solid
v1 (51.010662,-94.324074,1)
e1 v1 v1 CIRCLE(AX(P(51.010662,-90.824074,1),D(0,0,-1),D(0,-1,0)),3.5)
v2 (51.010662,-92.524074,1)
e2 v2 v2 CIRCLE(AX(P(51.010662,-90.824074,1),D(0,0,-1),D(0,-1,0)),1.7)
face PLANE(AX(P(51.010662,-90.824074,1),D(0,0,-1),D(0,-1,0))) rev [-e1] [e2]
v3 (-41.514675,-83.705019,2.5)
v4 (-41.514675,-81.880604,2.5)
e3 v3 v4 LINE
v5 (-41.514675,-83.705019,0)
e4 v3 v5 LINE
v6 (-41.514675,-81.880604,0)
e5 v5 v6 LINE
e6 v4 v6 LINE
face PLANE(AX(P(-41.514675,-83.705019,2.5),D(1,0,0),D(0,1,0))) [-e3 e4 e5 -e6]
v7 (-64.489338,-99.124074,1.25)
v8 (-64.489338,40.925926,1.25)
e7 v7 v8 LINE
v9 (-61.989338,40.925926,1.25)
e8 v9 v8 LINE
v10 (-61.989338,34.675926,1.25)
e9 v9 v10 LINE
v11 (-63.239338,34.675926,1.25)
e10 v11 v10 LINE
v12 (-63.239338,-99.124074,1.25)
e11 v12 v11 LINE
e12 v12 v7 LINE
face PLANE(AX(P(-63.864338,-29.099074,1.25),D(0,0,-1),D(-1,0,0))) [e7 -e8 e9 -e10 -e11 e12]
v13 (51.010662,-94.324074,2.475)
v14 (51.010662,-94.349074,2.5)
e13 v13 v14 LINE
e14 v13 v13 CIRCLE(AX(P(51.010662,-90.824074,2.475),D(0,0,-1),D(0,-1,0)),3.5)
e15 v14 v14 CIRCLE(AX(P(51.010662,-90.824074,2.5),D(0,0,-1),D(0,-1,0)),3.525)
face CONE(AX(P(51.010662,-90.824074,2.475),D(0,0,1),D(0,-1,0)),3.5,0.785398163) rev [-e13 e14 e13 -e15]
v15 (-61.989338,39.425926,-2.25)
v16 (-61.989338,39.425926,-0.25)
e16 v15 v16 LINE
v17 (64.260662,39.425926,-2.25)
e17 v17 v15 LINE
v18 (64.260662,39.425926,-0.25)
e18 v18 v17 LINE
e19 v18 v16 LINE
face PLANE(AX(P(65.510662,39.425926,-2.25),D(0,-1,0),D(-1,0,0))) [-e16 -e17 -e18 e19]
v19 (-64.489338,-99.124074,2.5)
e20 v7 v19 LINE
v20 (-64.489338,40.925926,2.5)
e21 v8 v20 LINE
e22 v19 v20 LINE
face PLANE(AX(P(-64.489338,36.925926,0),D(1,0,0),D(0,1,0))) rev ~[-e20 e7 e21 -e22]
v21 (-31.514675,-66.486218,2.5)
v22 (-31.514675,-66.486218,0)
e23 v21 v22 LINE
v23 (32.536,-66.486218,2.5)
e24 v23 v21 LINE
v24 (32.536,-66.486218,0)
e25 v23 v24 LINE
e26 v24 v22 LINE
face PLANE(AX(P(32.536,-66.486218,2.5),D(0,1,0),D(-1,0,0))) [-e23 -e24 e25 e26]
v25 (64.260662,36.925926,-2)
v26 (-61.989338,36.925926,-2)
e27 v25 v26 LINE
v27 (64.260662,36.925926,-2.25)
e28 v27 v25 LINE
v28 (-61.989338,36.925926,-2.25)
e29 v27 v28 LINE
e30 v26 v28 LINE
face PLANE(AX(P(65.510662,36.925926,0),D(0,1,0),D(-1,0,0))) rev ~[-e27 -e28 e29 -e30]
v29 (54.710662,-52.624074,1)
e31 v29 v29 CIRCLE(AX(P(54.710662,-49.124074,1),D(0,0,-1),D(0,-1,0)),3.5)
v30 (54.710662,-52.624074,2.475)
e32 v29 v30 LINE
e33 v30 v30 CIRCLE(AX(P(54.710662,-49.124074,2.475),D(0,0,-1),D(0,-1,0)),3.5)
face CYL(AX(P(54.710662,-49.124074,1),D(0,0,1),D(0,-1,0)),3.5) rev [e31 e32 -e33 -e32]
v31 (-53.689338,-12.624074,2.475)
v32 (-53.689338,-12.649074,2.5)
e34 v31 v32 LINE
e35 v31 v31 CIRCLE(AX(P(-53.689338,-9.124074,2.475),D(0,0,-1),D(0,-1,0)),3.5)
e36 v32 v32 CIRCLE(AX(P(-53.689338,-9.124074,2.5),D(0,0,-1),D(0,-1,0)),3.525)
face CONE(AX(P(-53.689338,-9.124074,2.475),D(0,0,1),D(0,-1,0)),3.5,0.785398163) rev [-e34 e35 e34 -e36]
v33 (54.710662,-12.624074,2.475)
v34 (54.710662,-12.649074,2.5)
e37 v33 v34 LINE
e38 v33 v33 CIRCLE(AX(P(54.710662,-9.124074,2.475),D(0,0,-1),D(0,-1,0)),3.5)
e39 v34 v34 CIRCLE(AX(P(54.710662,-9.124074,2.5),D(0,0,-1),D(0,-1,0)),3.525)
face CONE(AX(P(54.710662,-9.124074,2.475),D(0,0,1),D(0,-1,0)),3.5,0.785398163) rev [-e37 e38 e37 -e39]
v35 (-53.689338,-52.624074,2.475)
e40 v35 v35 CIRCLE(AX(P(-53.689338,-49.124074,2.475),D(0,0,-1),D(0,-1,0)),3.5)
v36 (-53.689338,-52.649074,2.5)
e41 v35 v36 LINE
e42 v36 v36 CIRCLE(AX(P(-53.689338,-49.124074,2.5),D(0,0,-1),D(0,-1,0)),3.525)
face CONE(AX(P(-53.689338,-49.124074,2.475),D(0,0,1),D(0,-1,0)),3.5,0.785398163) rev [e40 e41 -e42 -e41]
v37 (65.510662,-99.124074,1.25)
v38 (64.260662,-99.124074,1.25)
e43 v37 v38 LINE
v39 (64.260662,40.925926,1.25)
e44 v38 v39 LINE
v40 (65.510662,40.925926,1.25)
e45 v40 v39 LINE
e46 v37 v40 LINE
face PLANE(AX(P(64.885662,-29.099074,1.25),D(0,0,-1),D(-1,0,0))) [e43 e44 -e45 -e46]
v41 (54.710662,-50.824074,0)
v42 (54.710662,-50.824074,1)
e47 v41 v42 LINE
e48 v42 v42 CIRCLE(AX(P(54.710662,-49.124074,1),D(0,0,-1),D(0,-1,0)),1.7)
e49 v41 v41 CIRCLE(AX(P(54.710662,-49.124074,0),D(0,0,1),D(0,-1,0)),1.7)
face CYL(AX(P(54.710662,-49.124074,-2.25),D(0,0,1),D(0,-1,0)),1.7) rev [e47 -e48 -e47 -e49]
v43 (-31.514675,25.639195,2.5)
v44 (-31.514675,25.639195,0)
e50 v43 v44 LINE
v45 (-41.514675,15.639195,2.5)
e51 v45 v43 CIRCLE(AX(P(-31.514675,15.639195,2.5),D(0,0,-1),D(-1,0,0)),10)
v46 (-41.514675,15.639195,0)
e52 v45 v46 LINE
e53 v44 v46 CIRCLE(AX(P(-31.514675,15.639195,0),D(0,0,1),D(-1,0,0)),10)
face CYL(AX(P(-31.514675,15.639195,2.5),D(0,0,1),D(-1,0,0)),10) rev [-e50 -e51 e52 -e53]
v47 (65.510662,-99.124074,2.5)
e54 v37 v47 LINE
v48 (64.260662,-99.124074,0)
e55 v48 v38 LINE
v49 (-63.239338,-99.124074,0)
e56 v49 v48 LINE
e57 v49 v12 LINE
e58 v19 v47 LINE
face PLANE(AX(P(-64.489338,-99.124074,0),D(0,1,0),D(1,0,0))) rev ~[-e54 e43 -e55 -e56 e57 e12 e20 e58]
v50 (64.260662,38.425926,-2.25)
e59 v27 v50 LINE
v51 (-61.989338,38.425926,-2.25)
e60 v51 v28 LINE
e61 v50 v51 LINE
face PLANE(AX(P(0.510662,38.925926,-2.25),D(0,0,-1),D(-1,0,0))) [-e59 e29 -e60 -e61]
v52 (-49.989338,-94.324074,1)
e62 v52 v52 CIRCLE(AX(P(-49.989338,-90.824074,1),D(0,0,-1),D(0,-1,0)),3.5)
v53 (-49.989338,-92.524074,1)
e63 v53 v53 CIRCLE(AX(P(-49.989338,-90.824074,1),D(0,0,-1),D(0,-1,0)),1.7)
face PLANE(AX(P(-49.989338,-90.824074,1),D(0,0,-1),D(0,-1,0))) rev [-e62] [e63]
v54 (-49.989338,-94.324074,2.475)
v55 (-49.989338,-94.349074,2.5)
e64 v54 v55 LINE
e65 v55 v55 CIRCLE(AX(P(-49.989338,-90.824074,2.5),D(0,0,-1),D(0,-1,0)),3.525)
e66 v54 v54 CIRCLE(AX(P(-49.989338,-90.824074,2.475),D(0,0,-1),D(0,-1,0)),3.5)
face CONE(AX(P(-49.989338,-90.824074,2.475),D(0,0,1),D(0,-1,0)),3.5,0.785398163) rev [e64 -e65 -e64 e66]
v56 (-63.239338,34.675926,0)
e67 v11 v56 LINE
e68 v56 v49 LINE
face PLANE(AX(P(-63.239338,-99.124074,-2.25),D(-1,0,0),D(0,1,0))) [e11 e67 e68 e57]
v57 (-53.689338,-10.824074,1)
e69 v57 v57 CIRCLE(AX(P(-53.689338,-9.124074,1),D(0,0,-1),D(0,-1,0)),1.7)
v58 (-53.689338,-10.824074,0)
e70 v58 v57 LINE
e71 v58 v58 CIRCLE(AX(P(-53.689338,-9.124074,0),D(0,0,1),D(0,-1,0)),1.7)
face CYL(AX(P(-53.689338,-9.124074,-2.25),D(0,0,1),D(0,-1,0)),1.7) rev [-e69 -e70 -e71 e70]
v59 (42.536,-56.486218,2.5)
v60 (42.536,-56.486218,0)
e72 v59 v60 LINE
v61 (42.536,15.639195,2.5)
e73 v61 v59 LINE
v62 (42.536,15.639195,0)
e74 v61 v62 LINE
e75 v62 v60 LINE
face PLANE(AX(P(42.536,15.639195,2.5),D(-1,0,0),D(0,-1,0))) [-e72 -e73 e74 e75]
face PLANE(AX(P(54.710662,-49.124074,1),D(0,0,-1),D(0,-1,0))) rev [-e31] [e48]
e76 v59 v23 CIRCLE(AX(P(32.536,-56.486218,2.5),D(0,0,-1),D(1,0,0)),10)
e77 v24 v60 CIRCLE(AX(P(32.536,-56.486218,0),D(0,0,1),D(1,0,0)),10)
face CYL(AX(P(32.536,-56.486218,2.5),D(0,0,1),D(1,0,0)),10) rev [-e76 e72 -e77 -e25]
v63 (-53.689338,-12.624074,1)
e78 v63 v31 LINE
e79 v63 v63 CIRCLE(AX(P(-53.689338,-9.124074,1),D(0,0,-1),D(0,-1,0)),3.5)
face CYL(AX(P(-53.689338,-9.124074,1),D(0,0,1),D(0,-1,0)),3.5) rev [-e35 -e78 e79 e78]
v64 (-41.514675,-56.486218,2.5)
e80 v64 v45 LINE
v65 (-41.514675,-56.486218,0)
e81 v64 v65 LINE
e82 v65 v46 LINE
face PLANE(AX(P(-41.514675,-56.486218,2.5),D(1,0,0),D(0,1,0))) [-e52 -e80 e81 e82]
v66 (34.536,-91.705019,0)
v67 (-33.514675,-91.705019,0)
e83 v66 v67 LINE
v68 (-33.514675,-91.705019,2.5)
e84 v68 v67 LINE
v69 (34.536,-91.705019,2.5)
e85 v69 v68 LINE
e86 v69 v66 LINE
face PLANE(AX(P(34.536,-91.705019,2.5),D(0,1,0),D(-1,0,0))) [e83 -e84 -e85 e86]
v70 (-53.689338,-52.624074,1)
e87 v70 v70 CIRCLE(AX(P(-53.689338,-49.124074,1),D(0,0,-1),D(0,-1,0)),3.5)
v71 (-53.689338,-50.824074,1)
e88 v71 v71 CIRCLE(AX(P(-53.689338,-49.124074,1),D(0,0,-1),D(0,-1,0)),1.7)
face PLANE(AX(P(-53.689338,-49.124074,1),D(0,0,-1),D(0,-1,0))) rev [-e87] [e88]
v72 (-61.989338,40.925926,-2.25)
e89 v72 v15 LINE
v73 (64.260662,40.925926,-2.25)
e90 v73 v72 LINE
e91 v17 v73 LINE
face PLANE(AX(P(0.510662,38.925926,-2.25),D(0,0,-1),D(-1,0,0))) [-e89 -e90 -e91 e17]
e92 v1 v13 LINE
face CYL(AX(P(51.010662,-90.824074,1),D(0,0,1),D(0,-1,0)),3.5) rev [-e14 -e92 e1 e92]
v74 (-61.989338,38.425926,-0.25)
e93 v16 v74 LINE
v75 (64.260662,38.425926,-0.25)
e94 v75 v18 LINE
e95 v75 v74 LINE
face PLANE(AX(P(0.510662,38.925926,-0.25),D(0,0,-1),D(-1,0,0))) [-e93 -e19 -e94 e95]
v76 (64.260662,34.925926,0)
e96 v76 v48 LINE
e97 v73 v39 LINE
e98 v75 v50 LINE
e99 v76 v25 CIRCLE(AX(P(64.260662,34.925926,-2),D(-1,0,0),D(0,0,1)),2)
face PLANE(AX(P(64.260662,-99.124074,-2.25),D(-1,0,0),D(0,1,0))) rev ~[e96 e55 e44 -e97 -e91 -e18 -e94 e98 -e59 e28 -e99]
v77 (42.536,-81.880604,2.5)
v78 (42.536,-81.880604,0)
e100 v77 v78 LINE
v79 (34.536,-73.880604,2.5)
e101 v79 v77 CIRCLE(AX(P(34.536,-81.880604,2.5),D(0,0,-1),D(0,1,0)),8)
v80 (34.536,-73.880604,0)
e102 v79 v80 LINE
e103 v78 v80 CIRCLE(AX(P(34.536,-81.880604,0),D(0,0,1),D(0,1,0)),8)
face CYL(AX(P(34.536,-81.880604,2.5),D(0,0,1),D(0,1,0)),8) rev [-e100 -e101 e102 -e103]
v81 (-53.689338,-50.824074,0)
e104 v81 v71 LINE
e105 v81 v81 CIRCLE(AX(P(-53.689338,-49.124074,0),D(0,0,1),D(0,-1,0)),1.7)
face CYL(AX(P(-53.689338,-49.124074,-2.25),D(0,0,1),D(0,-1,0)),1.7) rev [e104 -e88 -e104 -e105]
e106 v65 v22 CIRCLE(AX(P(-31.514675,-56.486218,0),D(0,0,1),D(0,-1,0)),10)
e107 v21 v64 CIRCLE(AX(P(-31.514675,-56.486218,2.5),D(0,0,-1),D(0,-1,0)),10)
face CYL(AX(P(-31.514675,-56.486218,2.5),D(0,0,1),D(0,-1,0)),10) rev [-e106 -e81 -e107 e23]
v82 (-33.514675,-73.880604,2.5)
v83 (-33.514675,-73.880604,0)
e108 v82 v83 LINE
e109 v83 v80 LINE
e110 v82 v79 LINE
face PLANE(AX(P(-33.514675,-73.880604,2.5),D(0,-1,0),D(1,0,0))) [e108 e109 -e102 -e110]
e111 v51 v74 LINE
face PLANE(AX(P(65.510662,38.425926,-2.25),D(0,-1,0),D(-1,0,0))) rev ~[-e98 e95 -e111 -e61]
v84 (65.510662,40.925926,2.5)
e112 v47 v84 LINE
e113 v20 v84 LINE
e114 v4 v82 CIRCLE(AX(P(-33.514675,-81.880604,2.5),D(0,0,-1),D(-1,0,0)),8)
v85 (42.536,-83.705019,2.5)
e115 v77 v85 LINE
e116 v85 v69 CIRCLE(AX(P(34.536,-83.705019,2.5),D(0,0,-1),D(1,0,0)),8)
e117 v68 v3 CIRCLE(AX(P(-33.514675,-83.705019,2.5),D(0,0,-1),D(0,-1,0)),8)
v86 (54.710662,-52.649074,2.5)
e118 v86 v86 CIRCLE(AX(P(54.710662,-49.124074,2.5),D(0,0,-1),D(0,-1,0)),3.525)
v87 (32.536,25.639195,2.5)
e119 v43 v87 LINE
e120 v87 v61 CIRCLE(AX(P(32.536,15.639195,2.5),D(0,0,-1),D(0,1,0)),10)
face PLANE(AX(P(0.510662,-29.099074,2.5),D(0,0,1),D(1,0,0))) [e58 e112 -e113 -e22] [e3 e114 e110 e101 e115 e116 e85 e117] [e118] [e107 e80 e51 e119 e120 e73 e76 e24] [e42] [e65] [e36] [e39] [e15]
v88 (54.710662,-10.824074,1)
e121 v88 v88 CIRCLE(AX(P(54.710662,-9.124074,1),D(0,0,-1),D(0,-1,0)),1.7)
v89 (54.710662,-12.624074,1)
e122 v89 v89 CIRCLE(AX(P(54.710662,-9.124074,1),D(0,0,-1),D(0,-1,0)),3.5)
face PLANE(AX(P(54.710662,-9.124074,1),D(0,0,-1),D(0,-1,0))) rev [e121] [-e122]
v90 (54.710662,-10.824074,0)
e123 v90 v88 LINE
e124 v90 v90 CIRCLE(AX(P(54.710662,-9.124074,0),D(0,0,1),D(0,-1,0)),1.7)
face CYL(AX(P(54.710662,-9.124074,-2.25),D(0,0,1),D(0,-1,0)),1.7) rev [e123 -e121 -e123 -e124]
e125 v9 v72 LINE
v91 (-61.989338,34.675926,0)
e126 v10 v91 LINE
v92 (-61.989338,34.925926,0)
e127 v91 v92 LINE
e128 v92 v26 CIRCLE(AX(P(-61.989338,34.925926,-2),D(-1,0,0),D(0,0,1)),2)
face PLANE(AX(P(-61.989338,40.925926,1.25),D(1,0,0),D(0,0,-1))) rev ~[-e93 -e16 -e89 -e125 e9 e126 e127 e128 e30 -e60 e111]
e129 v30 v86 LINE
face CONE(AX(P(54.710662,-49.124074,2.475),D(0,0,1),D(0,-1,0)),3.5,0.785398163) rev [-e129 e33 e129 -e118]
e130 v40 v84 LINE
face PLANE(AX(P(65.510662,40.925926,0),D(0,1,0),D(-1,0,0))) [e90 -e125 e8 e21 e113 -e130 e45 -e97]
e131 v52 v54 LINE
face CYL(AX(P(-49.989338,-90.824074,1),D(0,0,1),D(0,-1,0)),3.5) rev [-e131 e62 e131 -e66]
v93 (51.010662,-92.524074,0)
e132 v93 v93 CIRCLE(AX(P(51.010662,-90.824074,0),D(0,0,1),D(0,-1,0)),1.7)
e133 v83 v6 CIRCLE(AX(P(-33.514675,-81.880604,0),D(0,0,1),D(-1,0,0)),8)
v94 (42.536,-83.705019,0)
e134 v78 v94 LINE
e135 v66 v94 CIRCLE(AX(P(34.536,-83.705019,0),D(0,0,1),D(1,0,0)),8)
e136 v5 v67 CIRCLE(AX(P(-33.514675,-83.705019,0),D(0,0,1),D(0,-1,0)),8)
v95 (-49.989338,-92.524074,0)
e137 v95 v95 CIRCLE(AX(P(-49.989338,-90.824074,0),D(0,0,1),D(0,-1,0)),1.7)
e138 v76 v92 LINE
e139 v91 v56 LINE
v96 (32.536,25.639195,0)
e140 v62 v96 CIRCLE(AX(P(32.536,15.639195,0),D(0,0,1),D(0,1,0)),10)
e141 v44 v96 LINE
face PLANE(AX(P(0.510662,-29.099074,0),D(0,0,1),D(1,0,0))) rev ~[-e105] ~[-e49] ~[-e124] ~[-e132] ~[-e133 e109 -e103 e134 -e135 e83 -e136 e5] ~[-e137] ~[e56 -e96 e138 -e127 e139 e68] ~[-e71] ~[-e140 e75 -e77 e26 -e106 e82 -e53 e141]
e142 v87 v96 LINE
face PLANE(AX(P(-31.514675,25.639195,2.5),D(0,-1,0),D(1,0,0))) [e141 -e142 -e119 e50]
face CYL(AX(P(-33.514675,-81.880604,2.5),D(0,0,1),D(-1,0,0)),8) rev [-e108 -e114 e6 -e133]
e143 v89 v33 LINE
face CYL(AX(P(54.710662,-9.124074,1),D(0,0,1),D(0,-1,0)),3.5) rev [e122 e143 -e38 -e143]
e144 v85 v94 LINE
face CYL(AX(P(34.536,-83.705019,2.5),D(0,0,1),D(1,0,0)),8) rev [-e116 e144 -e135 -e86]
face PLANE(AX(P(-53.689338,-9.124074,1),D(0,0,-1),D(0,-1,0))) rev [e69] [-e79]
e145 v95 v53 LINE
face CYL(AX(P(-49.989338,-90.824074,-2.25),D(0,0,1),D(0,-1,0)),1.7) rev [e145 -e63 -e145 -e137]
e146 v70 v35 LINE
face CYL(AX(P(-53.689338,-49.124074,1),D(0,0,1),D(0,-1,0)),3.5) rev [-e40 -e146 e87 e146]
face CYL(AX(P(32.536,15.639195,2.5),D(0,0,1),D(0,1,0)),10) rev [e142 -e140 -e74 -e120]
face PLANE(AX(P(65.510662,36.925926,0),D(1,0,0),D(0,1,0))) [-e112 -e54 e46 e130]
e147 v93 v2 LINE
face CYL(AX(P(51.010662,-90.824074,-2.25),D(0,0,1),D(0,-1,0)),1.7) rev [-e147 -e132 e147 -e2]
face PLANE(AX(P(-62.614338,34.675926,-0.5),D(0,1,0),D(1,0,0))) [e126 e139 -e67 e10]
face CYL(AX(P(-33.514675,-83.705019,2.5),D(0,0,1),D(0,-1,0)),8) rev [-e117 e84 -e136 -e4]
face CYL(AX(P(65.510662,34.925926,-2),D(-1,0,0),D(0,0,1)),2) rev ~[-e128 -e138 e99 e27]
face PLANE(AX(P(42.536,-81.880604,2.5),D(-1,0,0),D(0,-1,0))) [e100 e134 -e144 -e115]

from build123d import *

# Parameters (mm, degrees)
ESBO_O1_W                                      = 130
ESBO_O1_H                                      = 140.05
RESSALTO_EXTRUS_O1_DEPTH                       = 2.5
ESBO_O2_W                                      = 130
ESBO_O2_H                                      = 4
RESSALTO_EXTRUS_O2_DEPTH                       = 2.25
FILETE1_R                                      = 2
ESBO_O3_W                                      = 130
ESBO_O3_H                                      = 1
CORTE_EXTRUS_O1_DEPTH                          = 2
ESBO_O6_W                                      = 1.25
ESBO_O6_H                                      = 140.05
CORTE_EXTRUS_O2_DEPTH                          = 3.5
ESBO_O8_W                                      = 1.25
ESBO_O8_H                                      = 3.5
CORTE_EXTRUS_O3_DEPTH                          = 6.25
REBAIXO_PARA_PARAFUSO_COM_CABE_A_PAN_2_COUNT   = 2
REBAIXO_PARA_PARAFUSO_COM_CABE_A_PAN_2_PITCH   = 40
REBAIXO_PARA_PARAFUSO_COM_CABE_A_PAN_3_COUNT   = 2
REBAIXO_PARA_PARAFUSO_COM_CABE_A_PAN_3_PITCH   = 108.4
REBAIXO_PARA_PARAFUSO_COM_CABE_A_PAN_4_COUNT   = 2
REBAIXO_PARA_PARAFUSO_COM_CABE_A_PAN_4_PITCH   = 115.544623415
CORTE_EXTRUS_O5_DEPTH                          = 8.25
REBAIXO_PARA_PARAFUSO_COM_CABE_A_PAN_5_A_COUNT = 2
REBAIXO_PARA_PARAFUSO_COM_CABE_A_PAN_5_A_PITCH = 101


with BuildPart() as part:
    # Esboço1 → Ressalto-extrusão1 (new body)
    with BuildSketch(Plane.XY):
        with Locations((0.510662177, -29.099074074)):
            Rectangle(ESBO_O1_W, ESBO_O1_H)
    extrude(amount=RESSALTO_EXTRUS_O1_DEPTH)

    # Esboço2 → Ressalto-extrusão2 (add)
    with BuildSketch(Plane(origin=(0, 0, 0), x_dir=(-1, 0, 0), z_dir=(0, 0, -1))):
        with Locations((-0.510662177, 38.925925926)):
            Rectangle(ESBO_O2_W, ESBO_O2_H)
    extrude(amount=RESSALTO_EXTRUS_O2_DEPTH)

    # Filete1
    filete1_edges = [part.edges().sort_by_distance(p)[0] for p in [
        (0.510662177, 36.925925926, 0),
    ]]
    fillet(filete1_edges, radius=FILETE1_R)

    # Esboço3 → Corte-extrusão1 (cut)
    with BuildSketch(Plane(origin=(0, 0, -2.25), x_dir=(-1, 0, 0), z_dir=(0, 0, -1))):
        with Locations((-0.510662177, 38.925925926)):
            Rectangle(ESBO_O3_W, ESBO_O3_H)
    extrude(amount=-CORTE_EXTRUS_O1_DEPTH, mode=Mode.SUBTRACT)

    # Esboço6 → Corte-extrusão2 (cut)
    with BuildSketch(Plane(origin=(0, 0, -2.25), x_dir=(-1, 0, 0), z_dir=(0, 0, -1))):
        with Locations((-64.885662177, -29.099074074)):
            Rectangle(ESBO_O6_W, ESBO_O6_H)
        with Locations((63.864337823, -29.099074074)):
            Rectangle(ESBO_O6_W, ESBO_O6_H)
    extrude(amount=-CORTE_EXTRUS_O2_DEPTH, mode=Mode.SUBTRACT)

    # Esboço8 → Corte-extrusão3 (cut)
    with BuildSketch(Plane(origin=(0, 40.925925926, 0), x_dir=(1, 0, 0), z_dir=(0, 1, 0))):
        with Locations((-62.614337823, 0.5)):
            Rectangle(ESBO_O8_W, ESBO_O8_H)
    extrude(amount=-CORTE_EXTRUS_O3_DEPTH, mode=Mode.SUBTRACT)

    # Esboço12 → Rebaixo para parafuso com cabe_a panela (revolve, cut)
    with BuildSketch(Plane(origin=(-53.689337823, -9.124074074, 2.5), x_dir=(0, -1, 0), z_dir=(1, 0, 0))):
        Polygon((0, 0), (0, 4.75), (1.7, 4.75), (1.7, 1.5), (3.5, 1.5), (3.5, 0.025), (3.525, 0), align=None)
    rebaixo_para_parafuso_com_cabe_a_panela = revolve(axis=Axis((-53.689337823, -9.124074074, 8.85), (0, 0, -1)), mode=Mode.SUBTRACT)

    # Rebaixo para parafuso com cabe_a pan 2: Rebaixo para parafuso com cabe_a panela ×2
    with Locations(*[(0, -i * REBAIXO_PARA_PARAFUSO_COM_CABE_A_PAN_2_PITCH, 0) for i in range(1, REBAIXO_PARA_PARAFUSO_COM_CABE_A_PAN_2_COUNT)]):
        add(rebaixo_para_parafuso_com_cabe_a_panela, mode=Mode.SUBTRACT)

    # Rebaixo para parafuso com cabe_a pan 3: Rebaixo para parafuso com cabe_a panela ×2
    with Locations(*[(i * REBAIXO_PARA_PARAFUSO_COM_CABE_A_PAN_3_PITCH, 0, 0) for i in range(1, REBAIXO_PARA_PARAFUSO_COM_CABE_A_PAN_3_COUNT)]):
        add(rebaixo_para_parafuso_com_cabe_a_panela, mode=Mode.SUBTRACT)

    # Rebaixo para parafuso com cabe_a pan 4: Rebaixo para parafuso com cabe_a panela ×2
    with Locations(*[Vector(0.9381656783035653, -0.3461865971599872, 0) * (i * REBAIXO_PARA_PARAFUSO_COM_CABE_A_PAN_4_PITCH) for i in range(1, REBAIXO_PARA_PARAFUSO_COM_CABE_A_PAN_4_COUNT)]):
        add(rebaixo_para_parafuso_com_cabe_a_panela, mode=Mode.SUBTRACT)

    # Esboço13 → Corte-extrusão5 (cut)
    with BuildSketch(Plane.XY.offset(2.5)):
        with BuildLine():
            Line((32.535999817, -66.48621762), (-31.514675462, -66.48621762))
            ThreePointArc((-31.514675462, -66.48621762), (-38.585743274, -63.557285432), (-41.514675462, -56.48621762))
            Line((-41.514675462, -56.48621762), (-41.514675462, 15.639195022))
            ThreePointArc((-41.514675462, 15.639195022), (-38.585743274, 22.710262834), (-31.514675462, 25.639195022))
            Line((-31.514675462, 25.639195022), (32.535999817, 25.639195022))
            ThreePointArc((32.535999817, 25.639195022), (39.607067629, 22.710262834), (42.535999817, 15.639195022))
            Line((42.535999817, 15.639195022), (42.535999817, -56.48621762))
            ThreePointArc((42.535999817, -56.48621762), (39.607067629, -63.557285432), (32.535999817, -66.48621762))
        make_face()
        with BuildLine():
            Line((34.535999817, -91.70501851), (-33.514675462, -91.70501851))
            ThreePointArc((-33.514675462, -91.70501851), (-39.171529712, -89.361872759), (-41.514675462, -83.70501851))
            Line((-41.514675462, -83.70501851), (-41.514675462, -81.880603518))
            ThreePointArc((-41.514675462, -81.880603518), (-39.171529712, -76.223749269), (-33.514675462, -73.880603518))
            Line((-33.514675462, -73.880603518), (34.535999817, -73.880603518))
            ThreePointArc((34.535999817, -73.880603518), (40.192854066, -76.223749269), (42.535999817, -81.880603518))
            Line((42.535999817, -81.880603518), (42.535999817, -83.70501851))
            ThreePointArc((42.535999817, -83.70501851), (40.192854066, -89.361872759), (34.535999817, -91.70501851))
        make_face()
    extrude(amount=-CORTE_EXTRUS_O5_DEPTH, mode=Mode.SUBTRACT)

    # Esboço16 → Rebaixo para parafuso com cabe_a pan 5 (revolve, cut)
    with BuildSketch(Plane(origin=(-49.989337823, -90.824074074, 2.5), x_dir=(0, -1, 0), z_dir=(1, 0, 0))):
        Polygon((0, 0), (0, 4.75), (1.7, 4.75), (1.7, 1.5), (3.5, 1.5), (3.5, 0.025), (3.525, 0), align=None)
    rebaixo_para_parafuso_com_cabe_a_pan_5 = revolve(axis=Axis((-49.989337823, -90.824074074, 8.85), (0, 0, -1)), mode=Mode.SUBTRACT)

    # Rebaixo para parafuso com cabe_a pan 5 a: Rebaixo para parafuso com cabe_a pan 5 ×2
    with Locations(*[(i * REBAIXO_PARA_PARAFUSO_COM_CABE_A_PAN_5_A_PITCH, 0, 0) for i in range(1, REBAIXO_PARA_PARAFUSO_COM_CABE_A_PAN_5_A_COUNT)]):
        add(rebaixo_para_parafuso_com_cabe_a_pan_5, mode=Mode.SUBTRACT)


solid = part.part
